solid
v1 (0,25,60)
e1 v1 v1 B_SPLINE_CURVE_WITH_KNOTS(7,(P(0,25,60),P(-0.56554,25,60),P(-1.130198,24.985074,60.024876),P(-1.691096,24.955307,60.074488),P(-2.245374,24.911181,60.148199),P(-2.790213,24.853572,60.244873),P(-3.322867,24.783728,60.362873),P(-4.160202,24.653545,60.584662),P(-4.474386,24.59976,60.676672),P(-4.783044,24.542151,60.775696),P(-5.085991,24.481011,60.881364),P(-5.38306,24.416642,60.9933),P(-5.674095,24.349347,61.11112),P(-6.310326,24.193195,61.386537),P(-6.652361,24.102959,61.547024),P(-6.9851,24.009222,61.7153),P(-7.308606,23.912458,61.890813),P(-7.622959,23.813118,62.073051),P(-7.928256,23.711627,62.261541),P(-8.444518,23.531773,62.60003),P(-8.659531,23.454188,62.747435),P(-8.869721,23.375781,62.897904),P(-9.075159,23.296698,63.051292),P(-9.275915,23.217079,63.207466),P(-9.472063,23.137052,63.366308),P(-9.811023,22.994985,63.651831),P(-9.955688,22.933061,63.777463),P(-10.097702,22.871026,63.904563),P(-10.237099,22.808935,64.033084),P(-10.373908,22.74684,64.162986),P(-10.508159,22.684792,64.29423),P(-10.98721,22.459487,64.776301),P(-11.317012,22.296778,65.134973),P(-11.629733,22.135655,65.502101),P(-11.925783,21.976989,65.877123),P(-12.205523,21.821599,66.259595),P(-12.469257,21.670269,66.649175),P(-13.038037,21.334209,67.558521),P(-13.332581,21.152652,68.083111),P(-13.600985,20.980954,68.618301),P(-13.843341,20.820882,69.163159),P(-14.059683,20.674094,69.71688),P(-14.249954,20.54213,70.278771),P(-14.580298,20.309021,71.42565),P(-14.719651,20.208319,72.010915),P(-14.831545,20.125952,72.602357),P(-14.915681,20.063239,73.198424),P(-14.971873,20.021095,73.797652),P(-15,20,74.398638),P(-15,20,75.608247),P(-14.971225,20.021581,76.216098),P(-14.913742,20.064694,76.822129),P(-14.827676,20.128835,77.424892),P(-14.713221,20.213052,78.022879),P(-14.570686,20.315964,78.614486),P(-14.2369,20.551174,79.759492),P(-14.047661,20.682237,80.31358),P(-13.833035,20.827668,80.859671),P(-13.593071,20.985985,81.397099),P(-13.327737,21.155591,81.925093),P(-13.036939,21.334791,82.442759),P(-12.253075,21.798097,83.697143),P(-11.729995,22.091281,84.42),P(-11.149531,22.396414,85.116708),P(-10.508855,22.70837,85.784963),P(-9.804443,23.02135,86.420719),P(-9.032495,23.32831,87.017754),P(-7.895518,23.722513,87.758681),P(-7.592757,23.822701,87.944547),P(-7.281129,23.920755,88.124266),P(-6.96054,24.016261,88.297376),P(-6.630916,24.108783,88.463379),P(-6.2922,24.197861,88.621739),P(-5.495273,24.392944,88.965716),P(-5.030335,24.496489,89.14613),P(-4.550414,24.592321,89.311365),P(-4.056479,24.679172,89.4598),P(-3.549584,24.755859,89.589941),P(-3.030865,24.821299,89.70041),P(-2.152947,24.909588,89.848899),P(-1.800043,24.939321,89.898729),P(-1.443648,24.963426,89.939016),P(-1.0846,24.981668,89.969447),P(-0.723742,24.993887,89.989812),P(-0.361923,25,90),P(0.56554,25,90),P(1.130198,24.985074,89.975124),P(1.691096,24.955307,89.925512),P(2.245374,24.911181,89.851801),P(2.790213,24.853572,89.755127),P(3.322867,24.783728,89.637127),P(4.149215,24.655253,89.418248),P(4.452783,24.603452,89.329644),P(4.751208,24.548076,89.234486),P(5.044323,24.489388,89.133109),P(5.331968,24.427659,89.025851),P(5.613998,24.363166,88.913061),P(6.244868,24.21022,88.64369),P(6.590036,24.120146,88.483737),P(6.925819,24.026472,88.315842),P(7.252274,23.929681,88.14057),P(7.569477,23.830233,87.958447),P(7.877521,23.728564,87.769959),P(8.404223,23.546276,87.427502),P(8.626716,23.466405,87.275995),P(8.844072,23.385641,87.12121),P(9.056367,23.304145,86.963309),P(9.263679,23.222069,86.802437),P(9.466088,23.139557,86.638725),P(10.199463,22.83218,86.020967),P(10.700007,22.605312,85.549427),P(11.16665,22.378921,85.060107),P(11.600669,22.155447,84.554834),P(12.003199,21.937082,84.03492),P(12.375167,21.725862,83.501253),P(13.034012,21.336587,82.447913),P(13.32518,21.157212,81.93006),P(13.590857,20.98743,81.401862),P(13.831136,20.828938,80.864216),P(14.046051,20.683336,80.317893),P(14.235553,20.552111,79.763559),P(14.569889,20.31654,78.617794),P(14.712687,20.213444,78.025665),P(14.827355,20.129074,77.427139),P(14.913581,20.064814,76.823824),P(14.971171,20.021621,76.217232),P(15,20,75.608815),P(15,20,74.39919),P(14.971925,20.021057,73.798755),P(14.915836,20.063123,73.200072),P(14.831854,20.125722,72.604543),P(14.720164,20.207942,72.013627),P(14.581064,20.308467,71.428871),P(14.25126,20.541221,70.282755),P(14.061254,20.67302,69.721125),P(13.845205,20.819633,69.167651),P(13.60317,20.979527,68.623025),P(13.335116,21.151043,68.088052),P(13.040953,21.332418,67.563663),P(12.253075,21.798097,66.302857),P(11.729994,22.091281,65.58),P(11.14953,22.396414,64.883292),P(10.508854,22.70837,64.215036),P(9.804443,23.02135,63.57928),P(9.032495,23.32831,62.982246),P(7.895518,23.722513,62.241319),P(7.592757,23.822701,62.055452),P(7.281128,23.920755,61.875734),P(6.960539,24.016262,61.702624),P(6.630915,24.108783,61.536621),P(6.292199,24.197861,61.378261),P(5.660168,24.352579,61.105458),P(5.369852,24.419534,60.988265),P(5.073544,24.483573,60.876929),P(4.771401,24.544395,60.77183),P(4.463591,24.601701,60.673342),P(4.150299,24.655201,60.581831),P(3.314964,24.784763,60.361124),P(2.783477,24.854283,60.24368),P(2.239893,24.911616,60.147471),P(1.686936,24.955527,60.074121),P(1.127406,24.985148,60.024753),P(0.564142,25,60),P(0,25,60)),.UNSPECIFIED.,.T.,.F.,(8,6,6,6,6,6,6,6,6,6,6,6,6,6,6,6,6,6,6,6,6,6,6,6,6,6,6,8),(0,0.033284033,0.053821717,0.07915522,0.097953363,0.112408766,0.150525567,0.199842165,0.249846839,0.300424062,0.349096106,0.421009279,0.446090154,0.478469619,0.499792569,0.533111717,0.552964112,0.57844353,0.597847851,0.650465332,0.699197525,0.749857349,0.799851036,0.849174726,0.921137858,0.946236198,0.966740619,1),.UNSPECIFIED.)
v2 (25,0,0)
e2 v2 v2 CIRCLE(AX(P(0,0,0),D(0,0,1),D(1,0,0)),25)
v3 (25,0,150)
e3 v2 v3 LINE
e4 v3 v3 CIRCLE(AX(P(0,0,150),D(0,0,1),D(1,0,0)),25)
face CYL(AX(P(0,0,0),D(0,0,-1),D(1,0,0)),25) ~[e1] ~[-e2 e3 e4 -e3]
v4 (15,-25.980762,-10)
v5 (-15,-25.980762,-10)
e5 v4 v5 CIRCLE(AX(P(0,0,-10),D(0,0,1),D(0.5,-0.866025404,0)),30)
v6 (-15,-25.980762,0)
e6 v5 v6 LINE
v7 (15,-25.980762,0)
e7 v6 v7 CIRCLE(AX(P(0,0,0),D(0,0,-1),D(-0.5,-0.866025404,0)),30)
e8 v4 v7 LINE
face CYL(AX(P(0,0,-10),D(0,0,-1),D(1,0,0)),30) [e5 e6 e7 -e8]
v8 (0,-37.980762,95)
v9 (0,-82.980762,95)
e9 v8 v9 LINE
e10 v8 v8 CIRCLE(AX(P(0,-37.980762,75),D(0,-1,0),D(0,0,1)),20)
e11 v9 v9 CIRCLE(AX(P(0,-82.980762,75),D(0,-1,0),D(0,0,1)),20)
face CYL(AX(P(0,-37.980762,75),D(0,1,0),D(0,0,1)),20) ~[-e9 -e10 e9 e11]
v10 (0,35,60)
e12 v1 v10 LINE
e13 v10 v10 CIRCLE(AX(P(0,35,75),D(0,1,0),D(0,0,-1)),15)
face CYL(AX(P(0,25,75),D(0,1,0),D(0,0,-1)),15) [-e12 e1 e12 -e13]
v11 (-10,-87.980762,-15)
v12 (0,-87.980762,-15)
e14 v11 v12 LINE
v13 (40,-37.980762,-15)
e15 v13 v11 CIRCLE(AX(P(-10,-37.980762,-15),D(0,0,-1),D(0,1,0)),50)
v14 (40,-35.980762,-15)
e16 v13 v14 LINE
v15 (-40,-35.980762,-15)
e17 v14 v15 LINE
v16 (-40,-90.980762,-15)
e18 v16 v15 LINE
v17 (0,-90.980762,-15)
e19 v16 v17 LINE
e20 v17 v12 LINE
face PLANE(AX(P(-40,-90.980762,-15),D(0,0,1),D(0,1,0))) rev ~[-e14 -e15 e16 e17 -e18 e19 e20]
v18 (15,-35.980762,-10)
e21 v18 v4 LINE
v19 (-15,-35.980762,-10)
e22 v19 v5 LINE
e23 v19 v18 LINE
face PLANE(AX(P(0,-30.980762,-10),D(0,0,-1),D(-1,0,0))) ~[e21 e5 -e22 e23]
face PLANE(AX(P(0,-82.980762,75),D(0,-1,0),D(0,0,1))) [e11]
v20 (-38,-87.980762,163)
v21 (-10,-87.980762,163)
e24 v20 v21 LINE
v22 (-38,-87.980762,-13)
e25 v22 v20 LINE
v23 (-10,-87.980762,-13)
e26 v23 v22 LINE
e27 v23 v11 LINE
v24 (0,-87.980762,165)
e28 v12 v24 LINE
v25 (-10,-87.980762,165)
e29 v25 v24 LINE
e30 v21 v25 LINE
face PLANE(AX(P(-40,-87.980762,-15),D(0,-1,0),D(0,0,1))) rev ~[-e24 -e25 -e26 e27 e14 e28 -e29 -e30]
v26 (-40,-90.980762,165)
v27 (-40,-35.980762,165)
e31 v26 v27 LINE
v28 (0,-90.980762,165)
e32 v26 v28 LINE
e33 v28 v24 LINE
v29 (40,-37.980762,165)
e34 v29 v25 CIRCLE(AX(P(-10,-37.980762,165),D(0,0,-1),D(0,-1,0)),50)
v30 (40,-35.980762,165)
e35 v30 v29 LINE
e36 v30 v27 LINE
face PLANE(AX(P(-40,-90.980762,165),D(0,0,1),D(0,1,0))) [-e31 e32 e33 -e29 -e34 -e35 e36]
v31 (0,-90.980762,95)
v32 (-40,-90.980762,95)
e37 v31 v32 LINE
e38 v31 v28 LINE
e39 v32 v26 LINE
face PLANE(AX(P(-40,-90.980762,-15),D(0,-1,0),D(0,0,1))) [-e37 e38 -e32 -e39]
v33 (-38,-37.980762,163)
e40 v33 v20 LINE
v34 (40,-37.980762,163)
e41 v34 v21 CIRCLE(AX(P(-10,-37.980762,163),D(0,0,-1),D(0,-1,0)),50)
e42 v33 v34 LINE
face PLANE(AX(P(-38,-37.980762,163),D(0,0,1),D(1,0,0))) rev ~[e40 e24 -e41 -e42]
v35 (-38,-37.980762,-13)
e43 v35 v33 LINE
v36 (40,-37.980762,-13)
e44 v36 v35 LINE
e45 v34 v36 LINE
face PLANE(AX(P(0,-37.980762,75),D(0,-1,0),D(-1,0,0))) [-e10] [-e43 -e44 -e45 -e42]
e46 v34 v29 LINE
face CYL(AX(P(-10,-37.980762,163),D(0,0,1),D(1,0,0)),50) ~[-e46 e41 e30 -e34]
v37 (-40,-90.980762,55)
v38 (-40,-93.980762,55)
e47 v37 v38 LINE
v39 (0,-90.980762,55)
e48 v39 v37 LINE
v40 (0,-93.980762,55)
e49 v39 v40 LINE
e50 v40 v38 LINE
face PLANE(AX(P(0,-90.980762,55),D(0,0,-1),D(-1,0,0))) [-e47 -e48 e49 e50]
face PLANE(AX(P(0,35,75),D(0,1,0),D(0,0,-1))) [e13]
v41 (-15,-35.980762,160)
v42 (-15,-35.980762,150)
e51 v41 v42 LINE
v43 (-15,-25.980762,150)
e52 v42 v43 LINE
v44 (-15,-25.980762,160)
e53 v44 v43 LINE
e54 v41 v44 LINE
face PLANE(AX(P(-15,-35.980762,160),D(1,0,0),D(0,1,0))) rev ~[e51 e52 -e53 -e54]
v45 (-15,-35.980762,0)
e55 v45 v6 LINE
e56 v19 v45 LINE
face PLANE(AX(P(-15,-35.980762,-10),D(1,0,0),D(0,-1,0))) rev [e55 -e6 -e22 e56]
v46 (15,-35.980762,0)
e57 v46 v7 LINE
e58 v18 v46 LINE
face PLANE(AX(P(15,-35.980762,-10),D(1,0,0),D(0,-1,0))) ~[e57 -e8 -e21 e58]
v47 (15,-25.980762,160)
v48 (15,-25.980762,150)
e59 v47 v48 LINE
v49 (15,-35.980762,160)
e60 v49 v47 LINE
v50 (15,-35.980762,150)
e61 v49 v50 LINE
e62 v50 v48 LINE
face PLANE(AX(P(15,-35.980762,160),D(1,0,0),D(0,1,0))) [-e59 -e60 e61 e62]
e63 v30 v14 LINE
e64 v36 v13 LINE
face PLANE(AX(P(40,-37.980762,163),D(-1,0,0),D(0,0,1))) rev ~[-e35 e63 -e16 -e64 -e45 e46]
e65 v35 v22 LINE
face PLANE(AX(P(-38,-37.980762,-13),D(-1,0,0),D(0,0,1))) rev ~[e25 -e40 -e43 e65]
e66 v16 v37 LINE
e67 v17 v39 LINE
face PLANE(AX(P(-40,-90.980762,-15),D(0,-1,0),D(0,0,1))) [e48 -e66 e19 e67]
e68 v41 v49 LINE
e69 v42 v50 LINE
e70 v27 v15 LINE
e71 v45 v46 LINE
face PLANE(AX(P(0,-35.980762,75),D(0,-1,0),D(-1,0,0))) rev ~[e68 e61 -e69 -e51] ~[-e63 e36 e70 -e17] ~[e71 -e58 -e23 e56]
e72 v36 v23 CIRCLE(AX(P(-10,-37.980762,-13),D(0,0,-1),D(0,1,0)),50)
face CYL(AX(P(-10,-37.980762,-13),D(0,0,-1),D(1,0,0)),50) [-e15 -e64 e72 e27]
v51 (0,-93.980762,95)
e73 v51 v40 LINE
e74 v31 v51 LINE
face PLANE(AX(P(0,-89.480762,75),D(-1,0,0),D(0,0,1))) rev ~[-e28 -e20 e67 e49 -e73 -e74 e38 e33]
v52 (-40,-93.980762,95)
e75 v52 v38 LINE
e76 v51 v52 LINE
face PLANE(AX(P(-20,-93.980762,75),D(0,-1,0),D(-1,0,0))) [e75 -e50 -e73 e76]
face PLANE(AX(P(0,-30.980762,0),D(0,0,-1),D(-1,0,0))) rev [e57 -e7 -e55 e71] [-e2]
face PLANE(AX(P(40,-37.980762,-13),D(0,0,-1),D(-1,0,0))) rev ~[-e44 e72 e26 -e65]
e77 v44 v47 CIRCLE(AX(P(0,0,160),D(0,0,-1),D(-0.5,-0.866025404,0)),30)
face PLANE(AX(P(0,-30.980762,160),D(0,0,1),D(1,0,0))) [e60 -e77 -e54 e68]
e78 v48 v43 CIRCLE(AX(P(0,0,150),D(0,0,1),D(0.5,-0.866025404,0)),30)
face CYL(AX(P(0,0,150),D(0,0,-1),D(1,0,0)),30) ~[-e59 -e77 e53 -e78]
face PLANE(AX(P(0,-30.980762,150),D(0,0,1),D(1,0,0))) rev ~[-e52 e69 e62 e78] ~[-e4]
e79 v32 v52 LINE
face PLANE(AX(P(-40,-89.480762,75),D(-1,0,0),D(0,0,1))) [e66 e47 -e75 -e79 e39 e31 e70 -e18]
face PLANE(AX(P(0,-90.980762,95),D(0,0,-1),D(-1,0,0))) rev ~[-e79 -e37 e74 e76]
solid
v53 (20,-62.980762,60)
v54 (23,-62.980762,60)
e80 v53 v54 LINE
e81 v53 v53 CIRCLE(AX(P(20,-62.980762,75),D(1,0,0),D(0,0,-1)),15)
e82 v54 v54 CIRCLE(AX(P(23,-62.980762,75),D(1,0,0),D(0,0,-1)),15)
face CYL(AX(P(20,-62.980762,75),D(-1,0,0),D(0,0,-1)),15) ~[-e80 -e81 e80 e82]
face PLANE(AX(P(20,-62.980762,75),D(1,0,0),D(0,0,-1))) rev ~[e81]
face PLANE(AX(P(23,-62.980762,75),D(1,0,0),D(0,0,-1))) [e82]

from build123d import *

# Parameters (mm, degrees)
SKETCH1_R            = 25
BOSS_EXTRUDE1_DEPTH  = 150
SKETCH2_R            = 30
BOSS_EXTRUDE2_DEPTH  = 10
BOSS_EXTRUDE3_START  = 10
SKETCH3_R            = 30
BOSS_EXTRUDE3_DEPTH  = 10
SKETCH4_R            = 15
BOSS_EXTRUDE4_DEPTH  = 10
SKETCH5_W            = 30
SKETCH5_H            = 10
BOSS_EXTRUDE5_DEPTH  = 10
SKETCH6_W            = 80
SKETCH6_H            = 180
BOSS_EXTRUDE6_DEPTH  = 2
SKETCH7_W            = 78
SKETCH7_H            = 2
BOSS_EXTRUDE7_DEPTH  = 50
FILLET1_R            = 50
SKETCH8_R            = 20
BOSS_EXTRUDE8_DEPTH  = 45
SKETCH10_R           = 15
BOSS_EXTRUDE9_DEPTH  = 3
SKETCH11_W           = 180
SKETCH11_H           = 3
BOSS_EXTRUDE10_DEPTH = 40
SKETCH12_W           = 40
SKETCH12_H           = 40
BOSS_EXTRUDE11_DEPTH = 3


with BuildPart() as part:
    # Sketch1 → Boss-Extrude1 (new body)
    with BuildSketch(Plane.XY):
        Circle(SKETCH1_R)
    extrude(amount=BOSS_EXTRUDE1_DEPTH)

    # Sketch2 → Boss-Extrude2 (add)
    with BuildSketch(Plane.XY.offset(150)):
        Circle(SKETCH2_R)
    extrude(amount=BOSS_EXTRUDE2_DEPTH)

    # Sketch3 → Boss-Extrude3 (add)
    with BuildSketch(Plane(origin=(0, 0, 0), x_dir=(-1, 0, 0), z_dir=(0, 0, -1)).offset(BOSS_EXTRUDE3_START)):
        with Locations(Location((0, 0, 0), (0, 0, 180))):
            Circle(SKETCH3_R)
    extrude(amount=-BOSS_EXTRUDE3_DEPTH)

    # Sketch4 → Boss-Extrude4 (add, symmetric)
    with BuildSketch(Plane(origin=(0, 25, 0), x_dir=(1, 0, 0), z_dir=(0, 1, 0))):
        with Locations(Location((0, -75, 0), (0, 0, 90))):
            Circle(SKETCH4_R)
    extrude(amount=BOSS_EXTRUDE4_DEPTH, both=True)

    # Sketch5 → Boss-Extrude5 (add)
    with BuildSketch(Plane.XY.offset(160)):
        with Locations((0, -30.980762114)):
            Rectangle(SKETCH5_W, SKETCH5_H)
    boss_extrude5 = extrude(amount=-BOSS_EXTRUDE5_DEPTH)

    # Mirror1: Boss-Extrude5 across plane
    add(boss_extrude5.mirror(Plane.XY.offset(75)))

    # Sketch6 → Boss-Extrude6 (add)
    with BuildSketch(Plane(origin=(0, -35.980762114, 0), x_dir=(-1, 0, 0), z_dir=(0, -1, 0))):
        with Locations((0, -75)):
            Rectangle(SKETCH6_W, SKETCH6_H)
    extrude(amount=BOSS_EXTRUDE6_DEPTH)

    # Sketch7 → Boss-Extrude7 (add)
    with BuildSketch(Plane(origin=(0, -37.980762114, 0), x_dir=(-1, 0, 0), z_dir=(0, -1, 0))):
        Polygon((-40, -163), (-40, -165), (40, -165), (40, -163), (38, -163), align=None)
        Polygon((38, -163), (40, -163), (40, 15), (38, 15), (38, 13), align=None)
        with Locations((-1, 14)):
            Rectangle(SKETCH7_W, SKETCH7_H)
    extrude(amount=BOSS_EXTRUDE7_DEPTH)

    # Fillet1
    fillet1_edges = [part.edges().sort_by_distance(p)[0] for p in [
        (40, -87.980762114, -14),
        (40, -87.980762114, 164),
    ]]
    fillet(fillet1_edges, radius=FILLET1_R)

    # Sketch8 → Boss-Extrude8 (add)
    with BuildSketch(Plane(origin=(0, -37.980762114, 0), x_dir=(-1, 0, 0), z_dir=(0, -1, 0))):
        with Locations(Location((0, -75, 0), (0, 0, 270))):
            Circle(SKETCH8_R)
    extrude(amount=BOSS_EXTRUDE8_DEPTH)

    # Sketch11 → Boss-Extrude10 (add)
    with BuildSketch(Plane.ZY.offset(40)):
        with Locations((75, -89.480762114)):
            Rectangle(SKETCH11_W, SKETCH11_H)
    extrude(amount=-BOSS_EXTRUDE10_DEPTH)

    # Sketch12 → Boss-Extrude11 (add)
    with BuildSketch(Plane(origin=(0, -90.980762114, 0), x_dir=(-1, 0, 0), z_dir=(0, -1, 0))):
        with Locations((20, -75)):
            Rectangle(SKETCH12_W, SKETCH12_H)
    extrude(amount=BOSS_EXTRUDE11_DEPTH)


with BuildPart() as body_2:
    # Sketch10 → Boss-Extrude9 (new body)
    with BuildSketch(Plane(origin=(20, 0, 0), x_dir=(0, 0, -1), z_dir=(1, 0, 0))):
        with Locations((-75, -62.980762114)):
            Circle(SKETCH10_R)
    extrude(amount=BOSS_EXTRUDE9_DEPTH)


solid = Compound([part.part, body_2.part])
